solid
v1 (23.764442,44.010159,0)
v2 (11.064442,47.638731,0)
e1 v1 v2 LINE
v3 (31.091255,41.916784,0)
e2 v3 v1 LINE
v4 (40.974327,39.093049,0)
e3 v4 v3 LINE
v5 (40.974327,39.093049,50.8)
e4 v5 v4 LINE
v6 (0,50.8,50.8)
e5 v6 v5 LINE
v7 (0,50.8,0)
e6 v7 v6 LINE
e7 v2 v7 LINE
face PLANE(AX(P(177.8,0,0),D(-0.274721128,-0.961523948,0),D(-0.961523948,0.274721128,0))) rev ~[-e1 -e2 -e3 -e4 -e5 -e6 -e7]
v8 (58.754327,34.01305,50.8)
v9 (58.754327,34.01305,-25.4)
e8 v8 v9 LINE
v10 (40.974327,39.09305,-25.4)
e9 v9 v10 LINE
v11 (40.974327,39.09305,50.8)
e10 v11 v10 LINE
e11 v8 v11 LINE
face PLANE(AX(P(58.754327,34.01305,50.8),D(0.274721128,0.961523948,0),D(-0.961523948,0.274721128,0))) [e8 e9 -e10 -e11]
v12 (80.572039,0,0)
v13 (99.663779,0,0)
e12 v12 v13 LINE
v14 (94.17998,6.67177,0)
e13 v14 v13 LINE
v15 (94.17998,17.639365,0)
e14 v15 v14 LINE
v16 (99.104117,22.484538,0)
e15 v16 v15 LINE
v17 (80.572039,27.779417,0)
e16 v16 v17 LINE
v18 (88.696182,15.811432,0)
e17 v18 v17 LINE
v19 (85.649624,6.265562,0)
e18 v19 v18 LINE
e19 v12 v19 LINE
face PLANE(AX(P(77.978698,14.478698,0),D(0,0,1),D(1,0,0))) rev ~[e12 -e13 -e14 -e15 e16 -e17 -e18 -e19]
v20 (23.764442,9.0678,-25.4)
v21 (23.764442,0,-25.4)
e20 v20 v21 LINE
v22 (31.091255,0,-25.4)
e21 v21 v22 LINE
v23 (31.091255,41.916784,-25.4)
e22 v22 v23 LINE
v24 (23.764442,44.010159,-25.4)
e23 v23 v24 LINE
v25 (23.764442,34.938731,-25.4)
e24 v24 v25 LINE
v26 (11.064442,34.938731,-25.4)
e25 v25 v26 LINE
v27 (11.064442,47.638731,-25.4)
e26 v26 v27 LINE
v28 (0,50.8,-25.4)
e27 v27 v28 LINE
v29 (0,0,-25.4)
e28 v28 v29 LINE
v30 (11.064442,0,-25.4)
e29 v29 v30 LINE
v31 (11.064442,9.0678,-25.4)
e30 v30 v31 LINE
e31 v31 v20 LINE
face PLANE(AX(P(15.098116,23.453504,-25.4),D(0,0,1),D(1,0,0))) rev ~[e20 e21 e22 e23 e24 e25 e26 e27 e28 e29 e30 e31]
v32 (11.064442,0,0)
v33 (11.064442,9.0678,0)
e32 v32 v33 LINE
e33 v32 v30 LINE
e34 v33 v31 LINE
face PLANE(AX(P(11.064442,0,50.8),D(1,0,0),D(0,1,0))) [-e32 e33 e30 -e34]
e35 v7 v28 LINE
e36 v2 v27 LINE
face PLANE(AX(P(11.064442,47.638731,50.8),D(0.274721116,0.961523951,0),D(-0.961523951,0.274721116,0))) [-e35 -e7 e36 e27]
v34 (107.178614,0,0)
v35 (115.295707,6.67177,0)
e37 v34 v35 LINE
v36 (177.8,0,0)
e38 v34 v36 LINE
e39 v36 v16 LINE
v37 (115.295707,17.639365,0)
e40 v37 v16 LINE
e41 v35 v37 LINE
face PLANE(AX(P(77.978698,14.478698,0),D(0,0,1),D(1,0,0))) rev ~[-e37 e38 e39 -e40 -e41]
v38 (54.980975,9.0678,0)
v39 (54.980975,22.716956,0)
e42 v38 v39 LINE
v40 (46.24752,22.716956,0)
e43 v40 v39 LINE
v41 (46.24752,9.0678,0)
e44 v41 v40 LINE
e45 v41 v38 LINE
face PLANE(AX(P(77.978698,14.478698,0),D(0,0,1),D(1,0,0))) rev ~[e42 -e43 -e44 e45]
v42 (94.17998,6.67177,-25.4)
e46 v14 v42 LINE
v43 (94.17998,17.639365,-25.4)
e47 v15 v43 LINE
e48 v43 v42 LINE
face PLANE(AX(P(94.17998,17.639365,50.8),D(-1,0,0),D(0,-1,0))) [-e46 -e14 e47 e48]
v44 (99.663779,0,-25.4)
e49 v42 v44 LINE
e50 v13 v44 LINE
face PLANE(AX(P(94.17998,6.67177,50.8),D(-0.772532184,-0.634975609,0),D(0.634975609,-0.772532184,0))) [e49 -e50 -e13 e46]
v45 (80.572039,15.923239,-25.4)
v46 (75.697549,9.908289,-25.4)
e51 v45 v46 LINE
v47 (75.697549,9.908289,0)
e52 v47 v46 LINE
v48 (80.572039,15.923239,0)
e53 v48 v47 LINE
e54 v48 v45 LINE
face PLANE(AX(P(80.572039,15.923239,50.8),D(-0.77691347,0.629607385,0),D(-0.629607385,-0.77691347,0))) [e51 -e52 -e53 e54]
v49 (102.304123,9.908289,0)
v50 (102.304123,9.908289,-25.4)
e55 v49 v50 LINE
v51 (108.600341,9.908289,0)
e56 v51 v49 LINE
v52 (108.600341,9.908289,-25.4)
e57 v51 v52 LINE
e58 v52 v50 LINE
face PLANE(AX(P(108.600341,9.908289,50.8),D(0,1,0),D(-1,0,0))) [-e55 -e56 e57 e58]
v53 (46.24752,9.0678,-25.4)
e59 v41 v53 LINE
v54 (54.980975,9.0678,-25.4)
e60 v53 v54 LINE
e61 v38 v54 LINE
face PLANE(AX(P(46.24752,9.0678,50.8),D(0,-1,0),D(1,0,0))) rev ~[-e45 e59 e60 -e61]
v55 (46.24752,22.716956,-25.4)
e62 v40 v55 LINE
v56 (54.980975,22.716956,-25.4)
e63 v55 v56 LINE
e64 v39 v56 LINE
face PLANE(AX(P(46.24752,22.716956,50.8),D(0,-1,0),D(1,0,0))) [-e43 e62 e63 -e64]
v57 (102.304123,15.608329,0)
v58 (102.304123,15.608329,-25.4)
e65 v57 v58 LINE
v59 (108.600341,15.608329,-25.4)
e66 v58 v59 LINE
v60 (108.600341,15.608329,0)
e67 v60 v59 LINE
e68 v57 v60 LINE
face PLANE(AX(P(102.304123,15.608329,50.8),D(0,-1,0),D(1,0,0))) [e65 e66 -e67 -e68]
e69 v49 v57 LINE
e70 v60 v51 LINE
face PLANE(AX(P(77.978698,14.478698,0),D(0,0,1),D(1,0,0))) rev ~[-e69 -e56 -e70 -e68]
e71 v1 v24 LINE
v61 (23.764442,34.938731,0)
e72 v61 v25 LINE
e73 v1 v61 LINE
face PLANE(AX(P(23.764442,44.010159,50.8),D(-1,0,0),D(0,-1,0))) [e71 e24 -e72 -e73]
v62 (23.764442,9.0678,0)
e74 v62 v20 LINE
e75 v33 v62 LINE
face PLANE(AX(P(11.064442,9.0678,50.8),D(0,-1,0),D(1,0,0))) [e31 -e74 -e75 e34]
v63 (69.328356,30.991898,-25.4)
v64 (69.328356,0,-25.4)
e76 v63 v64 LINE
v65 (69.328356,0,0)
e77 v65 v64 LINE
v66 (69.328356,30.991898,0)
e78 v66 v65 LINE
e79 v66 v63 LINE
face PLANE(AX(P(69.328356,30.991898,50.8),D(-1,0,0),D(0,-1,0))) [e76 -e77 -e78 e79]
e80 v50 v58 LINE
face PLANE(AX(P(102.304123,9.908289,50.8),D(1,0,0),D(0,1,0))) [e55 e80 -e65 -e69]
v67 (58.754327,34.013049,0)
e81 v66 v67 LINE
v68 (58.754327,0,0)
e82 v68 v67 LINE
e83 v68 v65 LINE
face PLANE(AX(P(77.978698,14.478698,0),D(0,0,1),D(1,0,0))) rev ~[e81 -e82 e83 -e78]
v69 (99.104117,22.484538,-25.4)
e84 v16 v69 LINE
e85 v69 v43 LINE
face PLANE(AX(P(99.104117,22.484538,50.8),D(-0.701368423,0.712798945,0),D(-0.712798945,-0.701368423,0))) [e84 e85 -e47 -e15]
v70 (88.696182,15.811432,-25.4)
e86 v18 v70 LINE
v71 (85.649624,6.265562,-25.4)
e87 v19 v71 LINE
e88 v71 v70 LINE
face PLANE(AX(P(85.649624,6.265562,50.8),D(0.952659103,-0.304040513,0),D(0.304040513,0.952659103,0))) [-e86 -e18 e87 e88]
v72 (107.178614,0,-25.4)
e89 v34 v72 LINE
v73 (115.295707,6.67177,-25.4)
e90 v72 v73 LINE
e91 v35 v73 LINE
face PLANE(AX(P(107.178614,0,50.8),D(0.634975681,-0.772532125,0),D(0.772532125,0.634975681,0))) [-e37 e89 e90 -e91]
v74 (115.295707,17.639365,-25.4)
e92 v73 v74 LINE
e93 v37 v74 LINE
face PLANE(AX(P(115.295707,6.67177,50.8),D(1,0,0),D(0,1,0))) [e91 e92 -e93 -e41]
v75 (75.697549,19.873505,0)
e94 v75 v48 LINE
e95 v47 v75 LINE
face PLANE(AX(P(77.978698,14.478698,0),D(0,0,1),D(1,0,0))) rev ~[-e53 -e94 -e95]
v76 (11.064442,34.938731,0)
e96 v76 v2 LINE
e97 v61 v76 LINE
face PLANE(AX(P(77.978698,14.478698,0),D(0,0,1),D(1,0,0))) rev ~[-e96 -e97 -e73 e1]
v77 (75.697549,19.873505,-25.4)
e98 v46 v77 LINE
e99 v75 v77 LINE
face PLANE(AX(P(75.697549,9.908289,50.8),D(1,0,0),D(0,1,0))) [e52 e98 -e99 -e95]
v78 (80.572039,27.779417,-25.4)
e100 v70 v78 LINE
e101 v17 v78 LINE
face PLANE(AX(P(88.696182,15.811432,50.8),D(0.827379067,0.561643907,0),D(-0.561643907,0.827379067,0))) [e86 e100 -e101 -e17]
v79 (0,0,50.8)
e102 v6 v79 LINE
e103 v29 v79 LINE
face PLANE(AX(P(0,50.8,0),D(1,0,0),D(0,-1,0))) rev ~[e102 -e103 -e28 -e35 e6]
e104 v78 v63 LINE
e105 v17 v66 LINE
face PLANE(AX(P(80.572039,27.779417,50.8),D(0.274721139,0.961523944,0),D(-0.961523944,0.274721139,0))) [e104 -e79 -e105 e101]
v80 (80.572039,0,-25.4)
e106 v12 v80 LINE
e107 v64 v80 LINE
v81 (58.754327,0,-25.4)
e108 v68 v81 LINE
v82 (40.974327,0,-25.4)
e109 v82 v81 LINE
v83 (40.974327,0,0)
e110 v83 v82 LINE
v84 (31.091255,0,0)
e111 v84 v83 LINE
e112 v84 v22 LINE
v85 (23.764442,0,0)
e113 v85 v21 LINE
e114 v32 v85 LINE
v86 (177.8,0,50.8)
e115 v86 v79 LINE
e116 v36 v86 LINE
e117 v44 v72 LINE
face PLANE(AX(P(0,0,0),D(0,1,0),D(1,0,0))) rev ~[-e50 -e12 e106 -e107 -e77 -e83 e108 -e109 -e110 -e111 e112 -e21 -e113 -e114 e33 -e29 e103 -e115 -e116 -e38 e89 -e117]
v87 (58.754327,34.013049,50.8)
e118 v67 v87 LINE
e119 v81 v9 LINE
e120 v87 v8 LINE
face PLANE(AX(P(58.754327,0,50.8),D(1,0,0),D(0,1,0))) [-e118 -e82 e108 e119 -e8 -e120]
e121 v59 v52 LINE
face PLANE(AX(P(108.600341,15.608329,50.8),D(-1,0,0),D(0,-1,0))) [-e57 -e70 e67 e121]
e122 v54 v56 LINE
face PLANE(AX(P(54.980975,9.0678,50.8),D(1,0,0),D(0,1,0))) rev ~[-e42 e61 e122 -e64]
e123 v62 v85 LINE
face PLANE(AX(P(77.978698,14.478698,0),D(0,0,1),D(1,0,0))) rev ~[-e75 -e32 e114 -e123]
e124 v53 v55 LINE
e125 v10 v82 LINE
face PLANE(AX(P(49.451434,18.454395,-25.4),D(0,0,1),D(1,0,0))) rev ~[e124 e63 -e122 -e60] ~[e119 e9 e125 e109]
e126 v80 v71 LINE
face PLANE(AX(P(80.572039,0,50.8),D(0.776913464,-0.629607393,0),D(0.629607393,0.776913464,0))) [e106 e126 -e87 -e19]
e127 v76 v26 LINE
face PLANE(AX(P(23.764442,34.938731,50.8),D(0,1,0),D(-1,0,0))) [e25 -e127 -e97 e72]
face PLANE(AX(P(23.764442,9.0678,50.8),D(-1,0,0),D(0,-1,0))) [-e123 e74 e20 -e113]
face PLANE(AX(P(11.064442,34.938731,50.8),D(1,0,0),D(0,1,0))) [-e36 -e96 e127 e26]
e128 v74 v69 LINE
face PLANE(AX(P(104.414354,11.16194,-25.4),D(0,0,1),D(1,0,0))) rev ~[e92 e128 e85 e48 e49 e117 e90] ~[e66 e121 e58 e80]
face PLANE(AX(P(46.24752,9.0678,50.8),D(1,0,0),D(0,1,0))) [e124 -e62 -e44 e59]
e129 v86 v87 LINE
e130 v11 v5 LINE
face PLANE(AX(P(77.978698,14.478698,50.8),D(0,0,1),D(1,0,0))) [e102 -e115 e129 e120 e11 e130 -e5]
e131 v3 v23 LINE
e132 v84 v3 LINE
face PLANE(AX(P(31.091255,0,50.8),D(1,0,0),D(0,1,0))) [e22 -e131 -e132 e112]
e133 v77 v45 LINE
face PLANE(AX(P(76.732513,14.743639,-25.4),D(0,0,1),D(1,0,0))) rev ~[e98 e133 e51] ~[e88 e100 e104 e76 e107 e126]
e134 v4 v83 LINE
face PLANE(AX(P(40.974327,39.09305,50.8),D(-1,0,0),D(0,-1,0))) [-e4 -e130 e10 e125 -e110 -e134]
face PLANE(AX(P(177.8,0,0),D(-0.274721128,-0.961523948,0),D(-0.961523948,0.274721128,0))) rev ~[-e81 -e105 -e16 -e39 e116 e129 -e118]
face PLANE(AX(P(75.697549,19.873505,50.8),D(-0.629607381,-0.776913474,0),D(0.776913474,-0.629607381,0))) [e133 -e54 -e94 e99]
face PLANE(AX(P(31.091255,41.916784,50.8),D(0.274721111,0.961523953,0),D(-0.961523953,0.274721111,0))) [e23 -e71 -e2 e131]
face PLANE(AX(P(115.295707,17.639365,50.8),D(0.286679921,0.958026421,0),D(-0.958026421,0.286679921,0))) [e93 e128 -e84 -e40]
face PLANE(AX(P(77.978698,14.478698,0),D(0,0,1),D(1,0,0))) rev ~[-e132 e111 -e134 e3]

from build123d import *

# Parameters (mm, degrees)
F1_DEPTH = 50.8
F2_W     = 8.733455
F2_H     = 13.649156
F3_DEPTH = 76.2


with BuildPart() as f1:
    # F0 (on Top) → F1 (new body)
    with BuildSketch(Plane.XY):
        Polygon((0, 50.8), (0, 0), (177.8, 0), align=None)
    extrude(amount=F1_DEPTH)

    # F2 (on face) → F3 (join)
    with BuildSketch(Plane.XY.offset(50.8)):
        Polygon((11.064442, 34.938731), (11.064442, 47.638731), (0, 50.8), (0, 0), (11.064442, 0), (11.064442, 9.0678), (23.764442, 9.0678), (23.764442, 0), (31.091255, 0), (31.091255, 41.916784), (23.764442, 44.010159), (23.764442, 34.938731), align=None)
        Polygon((58.754327, 34.01305), (40.974327, 39.09305), (40.974327, 0), (58.754327, 0), align=None)
        with Locations((50.614247, 15.892378)):
            Rectangle(F2_W, F2_H, mode=Mode.SUBTRACT)
        Polygon((80.572039, 27.779417), (69.328356, 30.991898), (69.328356, 0), (80.572039, 0), (85.649624, 6.265562), (88.696182, 15.811432), align=None)
        Polygon((75.697549, 9.908289), (75.697549, 15.495949), (75.697549, 19.873505), (80.572039, 15.923239), align=None, mode=Mode.SUBTRACT)
        Polygon((115.295707, 17.639365), (99.104117, 22.484538), (94.17998, 17.639365), (94.17998, 9.908289), (94.17998, 6.67177), (99.663779, 0), (107.178614, 0), (115.295707, 6.67177), (115.295707, 15.608329), align=None)
        Polygon((102.304123, 9.908289), (102.304123, 12.764879), (102.304123, 15.608329), (108.600341, 15.608329), (108.600341, 9.908289), align=None, mode=Mode.SUBTRACT)
    extrude(amount=-F3_DEPTH)


solid = f1.part
